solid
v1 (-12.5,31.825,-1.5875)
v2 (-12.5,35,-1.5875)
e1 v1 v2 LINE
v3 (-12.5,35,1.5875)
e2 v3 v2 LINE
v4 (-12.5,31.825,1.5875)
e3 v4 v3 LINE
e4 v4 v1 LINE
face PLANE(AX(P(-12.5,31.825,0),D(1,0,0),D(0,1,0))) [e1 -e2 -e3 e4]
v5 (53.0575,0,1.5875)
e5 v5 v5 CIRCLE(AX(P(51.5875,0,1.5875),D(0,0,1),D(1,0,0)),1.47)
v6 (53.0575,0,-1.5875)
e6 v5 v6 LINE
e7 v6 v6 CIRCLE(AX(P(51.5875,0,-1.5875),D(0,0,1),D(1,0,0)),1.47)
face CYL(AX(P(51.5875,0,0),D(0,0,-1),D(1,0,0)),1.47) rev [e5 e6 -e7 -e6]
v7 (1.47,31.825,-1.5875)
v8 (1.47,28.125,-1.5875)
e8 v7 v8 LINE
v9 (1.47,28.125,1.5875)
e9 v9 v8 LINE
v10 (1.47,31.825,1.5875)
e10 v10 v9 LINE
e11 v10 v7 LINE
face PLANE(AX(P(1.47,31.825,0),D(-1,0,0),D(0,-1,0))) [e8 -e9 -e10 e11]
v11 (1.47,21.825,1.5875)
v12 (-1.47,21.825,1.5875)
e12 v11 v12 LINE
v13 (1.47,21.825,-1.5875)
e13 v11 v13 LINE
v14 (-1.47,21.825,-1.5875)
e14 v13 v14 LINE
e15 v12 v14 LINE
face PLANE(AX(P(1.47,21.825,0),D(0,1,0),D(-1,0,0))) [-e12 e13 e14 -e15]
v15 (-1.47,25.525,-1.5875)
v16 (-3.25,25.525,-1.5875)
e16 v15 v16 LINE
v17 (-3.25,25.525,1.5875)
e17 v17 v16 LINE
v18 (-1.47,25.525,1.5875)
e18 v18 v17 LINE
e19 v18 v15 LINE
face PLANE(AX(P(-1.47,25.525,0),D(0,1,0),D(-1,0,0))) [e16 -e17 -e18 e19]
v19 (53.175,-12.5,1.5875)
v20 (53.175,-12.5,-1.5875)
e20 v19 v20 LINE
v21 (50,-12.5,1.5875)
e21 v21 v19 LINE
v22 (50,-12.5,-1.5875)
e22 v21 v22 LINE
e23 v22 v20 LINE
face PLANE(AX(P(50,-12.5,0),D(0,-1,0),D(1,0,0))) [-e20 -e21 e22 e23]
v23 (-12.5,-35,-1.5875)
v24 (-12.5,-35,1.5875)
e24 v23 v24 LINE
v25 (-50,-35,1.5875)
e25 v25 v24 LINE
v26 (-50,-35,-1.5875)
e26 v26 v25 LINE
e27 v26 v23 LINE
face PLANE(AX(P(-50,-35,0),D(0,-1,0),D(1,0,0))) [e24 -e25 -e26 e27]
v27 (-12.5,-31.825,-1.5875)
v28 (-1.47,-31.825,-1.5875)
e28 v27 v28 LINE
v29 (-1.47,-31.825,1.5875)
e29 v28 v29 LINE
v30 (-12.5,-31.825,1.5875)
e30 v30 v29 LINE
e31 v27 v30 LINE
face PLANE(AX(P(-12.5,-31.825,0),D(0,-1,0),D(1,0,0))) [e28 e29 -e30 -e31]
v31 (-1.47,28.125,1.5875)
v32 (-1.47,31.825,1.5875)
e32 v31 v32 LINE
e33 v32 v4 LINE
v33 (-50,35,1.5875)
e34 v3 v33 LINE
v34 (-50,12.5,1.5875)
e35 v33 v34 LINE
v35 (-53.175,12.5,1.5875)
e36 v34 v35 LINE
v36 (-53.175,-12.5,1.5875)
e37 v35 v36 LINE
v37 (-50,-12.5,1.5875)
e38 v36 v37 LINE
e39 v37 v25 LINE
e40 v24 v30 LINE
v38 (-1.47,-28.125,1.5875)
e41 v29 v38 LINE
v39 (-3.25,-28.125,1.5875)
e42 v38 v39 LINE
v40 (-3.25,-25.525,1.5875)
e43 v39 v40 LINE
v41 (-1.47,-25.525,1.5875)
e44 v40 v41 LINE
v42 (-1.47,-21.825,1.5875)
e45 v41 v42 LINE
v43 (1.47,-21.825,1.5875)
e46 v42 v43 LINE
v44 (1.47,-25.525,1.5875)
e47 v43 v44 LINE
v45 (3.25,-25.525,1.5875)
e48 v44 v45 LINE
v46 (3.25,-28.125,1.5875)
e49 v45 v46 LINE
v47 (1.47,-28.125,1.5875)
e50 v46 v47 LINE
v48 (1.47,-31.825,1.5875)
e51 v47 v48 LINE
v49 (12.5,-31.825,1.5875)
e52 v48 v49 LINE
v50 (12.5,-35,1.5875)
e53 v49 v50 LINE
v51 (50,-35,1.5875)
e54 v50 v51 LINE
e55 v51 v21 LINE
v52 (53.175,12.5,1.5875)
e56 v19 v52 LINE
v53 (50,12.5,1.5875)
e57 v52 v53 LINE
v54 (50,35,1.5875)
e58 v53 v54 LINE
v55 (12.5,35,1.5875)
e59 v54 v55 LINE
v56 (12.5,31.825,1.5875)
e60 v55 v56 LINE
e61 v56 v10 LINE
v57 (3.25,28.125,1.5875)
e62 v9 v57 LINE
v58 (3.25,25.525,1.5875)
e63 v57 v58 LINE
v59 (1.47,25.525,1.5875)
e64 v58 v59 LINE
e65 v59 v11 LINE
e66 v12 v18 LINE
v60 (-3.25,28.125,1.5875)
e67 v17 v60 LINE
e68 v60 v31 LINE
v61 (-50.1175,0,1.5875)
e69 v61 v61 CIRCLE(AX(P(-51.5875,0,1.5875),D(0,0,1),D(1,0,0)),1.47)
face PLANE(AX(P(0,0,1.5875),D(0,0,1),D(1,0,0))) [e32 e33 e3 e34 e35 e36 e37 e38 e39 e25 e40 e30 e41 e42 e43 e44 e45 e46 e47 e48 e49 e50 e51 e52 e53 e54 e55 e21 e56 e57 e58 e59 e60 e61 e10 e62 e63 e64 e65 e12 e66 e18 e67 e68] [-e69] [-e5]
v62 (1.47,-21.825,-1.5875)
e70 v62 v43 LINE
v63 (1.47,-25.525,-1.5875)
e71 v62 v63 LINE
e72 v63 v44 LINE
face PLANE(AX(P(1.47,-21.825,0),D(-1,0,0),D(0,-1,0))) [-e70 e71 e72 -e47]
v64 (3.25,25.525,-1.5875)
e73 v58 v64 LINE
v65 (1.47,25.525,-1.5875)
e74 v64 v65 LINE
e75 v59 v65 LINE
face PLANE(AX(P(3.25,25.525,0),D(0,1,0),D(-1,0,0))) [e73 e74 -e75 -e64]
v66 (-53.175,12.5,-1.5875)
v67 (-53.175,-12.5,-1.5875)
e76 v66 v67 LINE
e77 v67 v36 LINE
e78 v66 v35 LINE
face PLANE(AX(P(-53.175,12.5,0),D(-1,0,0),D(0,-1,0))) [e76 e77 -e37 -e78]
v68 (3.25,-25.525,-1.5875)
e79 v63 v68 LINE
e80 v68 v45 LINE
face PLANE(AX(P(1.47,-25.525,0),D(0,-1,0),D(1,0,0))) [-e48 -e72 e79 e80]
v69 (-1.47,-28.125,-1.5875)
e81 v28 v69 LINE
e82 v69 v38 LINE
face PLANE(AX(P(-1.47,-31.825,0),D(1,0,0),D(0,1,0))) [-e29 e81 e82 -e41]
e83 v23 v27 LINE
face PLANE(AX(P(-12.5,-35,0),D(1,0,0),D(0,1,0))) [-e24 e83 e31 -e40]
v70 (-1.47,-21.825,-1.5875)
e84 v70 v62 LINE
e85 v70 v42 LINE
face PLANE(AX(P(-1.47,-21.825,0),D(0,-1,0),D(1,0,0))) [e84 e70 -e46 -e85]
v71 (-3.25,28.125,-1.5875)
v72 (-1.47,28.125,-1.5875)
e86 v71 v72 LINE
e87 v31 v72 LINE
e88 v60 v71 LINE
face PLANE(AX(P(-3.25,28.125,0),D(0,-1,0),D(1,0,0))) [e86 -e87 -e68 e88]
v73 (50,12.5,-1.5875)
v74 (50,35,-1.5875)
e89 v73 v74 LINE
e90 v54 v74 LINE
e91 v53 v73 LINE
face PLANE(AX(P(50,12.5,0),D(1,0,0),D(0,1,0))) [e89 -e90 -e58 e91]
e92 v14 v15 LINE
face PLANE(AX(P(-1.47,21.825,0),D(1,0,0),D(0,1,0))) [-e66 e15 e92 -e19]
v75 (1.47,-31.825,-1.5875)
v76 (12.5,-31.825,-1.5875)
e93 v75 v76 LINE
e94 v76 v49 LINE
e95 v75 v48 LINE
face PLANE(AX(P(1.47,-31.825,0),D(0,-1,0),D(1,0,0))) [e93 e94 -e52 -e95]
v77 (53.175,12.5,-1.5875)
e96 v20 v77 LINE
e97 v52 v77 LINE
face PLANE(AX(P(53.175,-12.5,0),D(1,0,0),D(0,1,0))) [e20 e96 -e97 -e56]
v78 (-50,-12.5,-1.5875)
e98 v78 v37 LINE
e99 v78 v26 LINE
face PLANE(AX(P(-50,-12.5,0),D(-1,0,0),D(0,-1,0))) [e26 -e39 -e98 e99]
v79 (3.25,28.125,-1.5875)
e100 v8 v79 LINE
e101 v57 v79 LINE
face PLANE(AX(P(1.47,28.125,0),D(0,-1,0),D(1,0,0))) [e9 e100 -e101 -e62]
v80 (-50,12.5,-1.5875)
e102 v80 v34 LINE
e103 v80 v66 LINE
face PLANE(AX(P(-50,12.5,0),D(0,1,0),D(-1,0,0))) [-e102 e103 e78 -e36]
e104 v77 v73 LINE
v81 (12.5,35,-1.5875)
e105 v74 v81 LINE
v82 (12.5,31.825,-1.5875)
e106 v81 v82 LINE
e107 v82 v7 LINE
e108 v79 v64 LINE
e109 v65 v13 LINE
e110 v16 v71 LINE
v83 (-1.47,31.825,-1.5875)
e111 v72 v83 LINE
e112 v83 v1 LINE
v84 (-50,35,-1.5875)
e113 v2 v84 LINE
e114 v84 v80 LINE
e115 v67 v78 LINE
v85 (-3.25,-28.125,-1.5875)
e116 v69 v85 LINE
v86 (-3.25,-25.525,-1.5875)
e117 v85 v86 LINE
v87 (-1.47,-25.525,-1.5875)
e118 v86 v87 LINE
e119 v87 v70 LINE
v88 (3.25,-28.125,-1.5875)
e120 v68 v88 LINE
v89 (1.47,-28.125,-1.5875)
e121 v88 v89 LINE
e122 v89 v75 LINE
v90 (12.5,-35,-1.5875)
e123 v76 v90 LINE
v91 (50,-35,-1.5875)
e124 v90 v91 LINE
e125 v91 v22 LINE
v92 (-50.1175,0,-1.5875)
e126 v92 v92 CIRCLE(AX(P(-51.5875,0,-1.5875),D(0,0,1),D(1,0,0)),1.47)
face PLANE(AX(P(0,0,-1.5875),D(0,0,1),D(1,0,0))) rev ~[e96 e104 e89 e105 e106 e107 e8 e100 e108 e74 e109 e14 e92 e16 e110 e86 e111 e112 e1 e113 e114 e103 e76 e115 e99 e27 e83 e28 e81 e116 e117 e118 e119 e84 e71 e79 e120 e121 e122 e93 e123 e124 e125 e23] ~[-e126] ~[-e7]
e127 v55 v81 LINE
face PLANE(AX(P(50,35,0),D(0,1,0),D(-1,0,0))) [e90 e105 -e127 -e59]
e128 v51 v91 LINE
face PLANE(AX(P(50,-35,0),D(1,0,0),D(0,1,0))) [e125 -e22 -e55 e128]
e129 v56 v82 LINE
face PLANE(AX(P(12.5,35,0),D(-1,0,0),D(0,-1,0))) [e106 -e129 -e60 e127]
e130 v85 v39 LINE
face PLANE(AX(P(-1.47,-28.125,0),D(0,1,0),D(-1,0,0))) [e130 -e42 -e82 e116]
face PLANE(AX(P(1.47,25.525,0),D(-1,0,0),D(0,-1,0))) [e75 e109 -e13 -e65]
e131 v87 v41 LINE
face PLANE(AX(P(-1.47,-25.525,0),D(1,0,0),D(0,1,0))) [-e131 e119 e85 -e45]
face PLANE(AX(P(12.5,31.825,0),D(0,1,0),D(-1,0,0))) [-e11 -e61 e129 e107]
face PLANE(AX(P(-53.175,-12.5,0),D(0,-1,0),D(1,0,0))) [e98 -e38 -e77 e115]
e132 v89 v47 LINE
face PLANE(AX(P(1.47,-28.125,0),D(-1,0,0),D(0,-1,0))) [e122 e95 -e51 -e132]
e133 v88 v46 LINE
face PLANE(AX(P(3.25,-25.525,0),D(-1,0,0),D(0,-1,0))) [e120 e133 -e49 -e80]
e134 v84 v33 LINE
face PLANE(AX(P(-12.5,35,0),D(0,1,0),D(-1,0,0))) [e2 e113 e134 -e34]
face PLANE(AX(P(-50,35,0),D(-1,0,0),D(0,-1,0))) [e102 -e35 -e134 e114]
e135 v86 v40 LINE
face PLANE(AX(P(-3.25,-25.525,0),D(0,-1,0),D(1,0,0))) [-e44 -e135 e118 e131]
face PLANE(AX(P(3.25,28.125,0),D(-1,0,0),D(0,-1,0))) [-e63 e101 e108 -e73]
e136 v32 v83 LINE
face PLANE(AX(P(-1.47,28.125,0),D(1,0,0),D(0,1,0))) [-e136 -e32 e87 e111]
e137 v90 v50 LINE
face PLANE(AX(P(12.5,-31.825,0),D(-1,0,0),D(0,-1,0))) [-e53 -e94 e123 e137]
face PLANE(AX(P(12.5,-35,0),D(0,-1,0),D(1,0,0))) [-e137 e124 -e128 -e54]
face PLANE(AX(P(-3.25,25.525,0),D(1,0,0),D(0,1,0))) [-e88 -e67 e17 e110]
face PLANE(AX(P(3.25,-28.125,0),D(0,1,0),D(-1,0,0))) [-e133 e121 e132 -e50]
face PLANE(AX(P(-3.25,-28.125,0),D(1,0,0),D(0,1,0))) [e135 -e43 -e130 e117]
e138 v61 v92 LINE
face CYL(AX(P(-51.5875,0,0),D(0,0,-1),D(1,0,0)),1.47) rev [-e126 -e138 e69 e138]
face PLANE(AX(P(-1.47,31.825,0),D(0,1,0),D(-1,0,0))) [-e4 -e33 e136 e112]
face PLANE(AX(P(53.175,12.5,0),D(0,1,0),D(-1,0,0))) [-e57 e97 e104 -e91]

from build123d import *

# Parameters (mm, degrees)
SKETCH1_R           = 1.47
BOSS_EXTRUDE1_DEPTH = 1.5875


with BuildPart() as part:
    # Sketch1 → Boss-Extrude1 (new body, symmetric)
    with BuildSketch(Plane.XY):
        Polygon((-12.5, 35), (-50, 35), (-50, 12.5), (-53.175, 12.5), (-53.175, -12.5), (-50, -12.5), (-50, -35), (-12.5, -35), (-12.5, -31.825), (-1.47, -31.825), (-1.47, -28.125), (-3.25, -28.125), (-3.25, -25.525), (-1.47, -25.525), (-1.47, -21.825), (1.47, -21.825), (1.47, -25.525), (3.25, -25.525), (3.25, -28.125), (1.47, -28.125), (1.47, -31.825), (12.5, -31.825), (12.5, -35), (50, -35), (50, -12.5), (53.175, -12.5), (53.175, 12.5), (50, 12.5), (50, 35), (12.5, 35), (12.5, 31.825), (1.47, 31.825), (1.47, 28.125), (3.25, 28.125), (3.25, 25.525), (1.47, 25.525), (1.47, 21.825), (-1.47, 21.825), (-1.47, 25.525), (-3.25, 25.525), (-3.25, 28.125), (-1.47, 28.125), (-1.47, 31.825), (-12.5, 31.825), align=None)
        with Locations((-51.5875, 0)):
            Circle(SKETCH1_R, mode=Mode.SUBTRACT)
        with Locations((51.5875, 0)):
            Circle(SKETCH1_R, mode=Mode.SUBTRACT)
    extrude(amount=BOSS_EXTRUDE1_DEPTH, both=True)


solid = part.part
